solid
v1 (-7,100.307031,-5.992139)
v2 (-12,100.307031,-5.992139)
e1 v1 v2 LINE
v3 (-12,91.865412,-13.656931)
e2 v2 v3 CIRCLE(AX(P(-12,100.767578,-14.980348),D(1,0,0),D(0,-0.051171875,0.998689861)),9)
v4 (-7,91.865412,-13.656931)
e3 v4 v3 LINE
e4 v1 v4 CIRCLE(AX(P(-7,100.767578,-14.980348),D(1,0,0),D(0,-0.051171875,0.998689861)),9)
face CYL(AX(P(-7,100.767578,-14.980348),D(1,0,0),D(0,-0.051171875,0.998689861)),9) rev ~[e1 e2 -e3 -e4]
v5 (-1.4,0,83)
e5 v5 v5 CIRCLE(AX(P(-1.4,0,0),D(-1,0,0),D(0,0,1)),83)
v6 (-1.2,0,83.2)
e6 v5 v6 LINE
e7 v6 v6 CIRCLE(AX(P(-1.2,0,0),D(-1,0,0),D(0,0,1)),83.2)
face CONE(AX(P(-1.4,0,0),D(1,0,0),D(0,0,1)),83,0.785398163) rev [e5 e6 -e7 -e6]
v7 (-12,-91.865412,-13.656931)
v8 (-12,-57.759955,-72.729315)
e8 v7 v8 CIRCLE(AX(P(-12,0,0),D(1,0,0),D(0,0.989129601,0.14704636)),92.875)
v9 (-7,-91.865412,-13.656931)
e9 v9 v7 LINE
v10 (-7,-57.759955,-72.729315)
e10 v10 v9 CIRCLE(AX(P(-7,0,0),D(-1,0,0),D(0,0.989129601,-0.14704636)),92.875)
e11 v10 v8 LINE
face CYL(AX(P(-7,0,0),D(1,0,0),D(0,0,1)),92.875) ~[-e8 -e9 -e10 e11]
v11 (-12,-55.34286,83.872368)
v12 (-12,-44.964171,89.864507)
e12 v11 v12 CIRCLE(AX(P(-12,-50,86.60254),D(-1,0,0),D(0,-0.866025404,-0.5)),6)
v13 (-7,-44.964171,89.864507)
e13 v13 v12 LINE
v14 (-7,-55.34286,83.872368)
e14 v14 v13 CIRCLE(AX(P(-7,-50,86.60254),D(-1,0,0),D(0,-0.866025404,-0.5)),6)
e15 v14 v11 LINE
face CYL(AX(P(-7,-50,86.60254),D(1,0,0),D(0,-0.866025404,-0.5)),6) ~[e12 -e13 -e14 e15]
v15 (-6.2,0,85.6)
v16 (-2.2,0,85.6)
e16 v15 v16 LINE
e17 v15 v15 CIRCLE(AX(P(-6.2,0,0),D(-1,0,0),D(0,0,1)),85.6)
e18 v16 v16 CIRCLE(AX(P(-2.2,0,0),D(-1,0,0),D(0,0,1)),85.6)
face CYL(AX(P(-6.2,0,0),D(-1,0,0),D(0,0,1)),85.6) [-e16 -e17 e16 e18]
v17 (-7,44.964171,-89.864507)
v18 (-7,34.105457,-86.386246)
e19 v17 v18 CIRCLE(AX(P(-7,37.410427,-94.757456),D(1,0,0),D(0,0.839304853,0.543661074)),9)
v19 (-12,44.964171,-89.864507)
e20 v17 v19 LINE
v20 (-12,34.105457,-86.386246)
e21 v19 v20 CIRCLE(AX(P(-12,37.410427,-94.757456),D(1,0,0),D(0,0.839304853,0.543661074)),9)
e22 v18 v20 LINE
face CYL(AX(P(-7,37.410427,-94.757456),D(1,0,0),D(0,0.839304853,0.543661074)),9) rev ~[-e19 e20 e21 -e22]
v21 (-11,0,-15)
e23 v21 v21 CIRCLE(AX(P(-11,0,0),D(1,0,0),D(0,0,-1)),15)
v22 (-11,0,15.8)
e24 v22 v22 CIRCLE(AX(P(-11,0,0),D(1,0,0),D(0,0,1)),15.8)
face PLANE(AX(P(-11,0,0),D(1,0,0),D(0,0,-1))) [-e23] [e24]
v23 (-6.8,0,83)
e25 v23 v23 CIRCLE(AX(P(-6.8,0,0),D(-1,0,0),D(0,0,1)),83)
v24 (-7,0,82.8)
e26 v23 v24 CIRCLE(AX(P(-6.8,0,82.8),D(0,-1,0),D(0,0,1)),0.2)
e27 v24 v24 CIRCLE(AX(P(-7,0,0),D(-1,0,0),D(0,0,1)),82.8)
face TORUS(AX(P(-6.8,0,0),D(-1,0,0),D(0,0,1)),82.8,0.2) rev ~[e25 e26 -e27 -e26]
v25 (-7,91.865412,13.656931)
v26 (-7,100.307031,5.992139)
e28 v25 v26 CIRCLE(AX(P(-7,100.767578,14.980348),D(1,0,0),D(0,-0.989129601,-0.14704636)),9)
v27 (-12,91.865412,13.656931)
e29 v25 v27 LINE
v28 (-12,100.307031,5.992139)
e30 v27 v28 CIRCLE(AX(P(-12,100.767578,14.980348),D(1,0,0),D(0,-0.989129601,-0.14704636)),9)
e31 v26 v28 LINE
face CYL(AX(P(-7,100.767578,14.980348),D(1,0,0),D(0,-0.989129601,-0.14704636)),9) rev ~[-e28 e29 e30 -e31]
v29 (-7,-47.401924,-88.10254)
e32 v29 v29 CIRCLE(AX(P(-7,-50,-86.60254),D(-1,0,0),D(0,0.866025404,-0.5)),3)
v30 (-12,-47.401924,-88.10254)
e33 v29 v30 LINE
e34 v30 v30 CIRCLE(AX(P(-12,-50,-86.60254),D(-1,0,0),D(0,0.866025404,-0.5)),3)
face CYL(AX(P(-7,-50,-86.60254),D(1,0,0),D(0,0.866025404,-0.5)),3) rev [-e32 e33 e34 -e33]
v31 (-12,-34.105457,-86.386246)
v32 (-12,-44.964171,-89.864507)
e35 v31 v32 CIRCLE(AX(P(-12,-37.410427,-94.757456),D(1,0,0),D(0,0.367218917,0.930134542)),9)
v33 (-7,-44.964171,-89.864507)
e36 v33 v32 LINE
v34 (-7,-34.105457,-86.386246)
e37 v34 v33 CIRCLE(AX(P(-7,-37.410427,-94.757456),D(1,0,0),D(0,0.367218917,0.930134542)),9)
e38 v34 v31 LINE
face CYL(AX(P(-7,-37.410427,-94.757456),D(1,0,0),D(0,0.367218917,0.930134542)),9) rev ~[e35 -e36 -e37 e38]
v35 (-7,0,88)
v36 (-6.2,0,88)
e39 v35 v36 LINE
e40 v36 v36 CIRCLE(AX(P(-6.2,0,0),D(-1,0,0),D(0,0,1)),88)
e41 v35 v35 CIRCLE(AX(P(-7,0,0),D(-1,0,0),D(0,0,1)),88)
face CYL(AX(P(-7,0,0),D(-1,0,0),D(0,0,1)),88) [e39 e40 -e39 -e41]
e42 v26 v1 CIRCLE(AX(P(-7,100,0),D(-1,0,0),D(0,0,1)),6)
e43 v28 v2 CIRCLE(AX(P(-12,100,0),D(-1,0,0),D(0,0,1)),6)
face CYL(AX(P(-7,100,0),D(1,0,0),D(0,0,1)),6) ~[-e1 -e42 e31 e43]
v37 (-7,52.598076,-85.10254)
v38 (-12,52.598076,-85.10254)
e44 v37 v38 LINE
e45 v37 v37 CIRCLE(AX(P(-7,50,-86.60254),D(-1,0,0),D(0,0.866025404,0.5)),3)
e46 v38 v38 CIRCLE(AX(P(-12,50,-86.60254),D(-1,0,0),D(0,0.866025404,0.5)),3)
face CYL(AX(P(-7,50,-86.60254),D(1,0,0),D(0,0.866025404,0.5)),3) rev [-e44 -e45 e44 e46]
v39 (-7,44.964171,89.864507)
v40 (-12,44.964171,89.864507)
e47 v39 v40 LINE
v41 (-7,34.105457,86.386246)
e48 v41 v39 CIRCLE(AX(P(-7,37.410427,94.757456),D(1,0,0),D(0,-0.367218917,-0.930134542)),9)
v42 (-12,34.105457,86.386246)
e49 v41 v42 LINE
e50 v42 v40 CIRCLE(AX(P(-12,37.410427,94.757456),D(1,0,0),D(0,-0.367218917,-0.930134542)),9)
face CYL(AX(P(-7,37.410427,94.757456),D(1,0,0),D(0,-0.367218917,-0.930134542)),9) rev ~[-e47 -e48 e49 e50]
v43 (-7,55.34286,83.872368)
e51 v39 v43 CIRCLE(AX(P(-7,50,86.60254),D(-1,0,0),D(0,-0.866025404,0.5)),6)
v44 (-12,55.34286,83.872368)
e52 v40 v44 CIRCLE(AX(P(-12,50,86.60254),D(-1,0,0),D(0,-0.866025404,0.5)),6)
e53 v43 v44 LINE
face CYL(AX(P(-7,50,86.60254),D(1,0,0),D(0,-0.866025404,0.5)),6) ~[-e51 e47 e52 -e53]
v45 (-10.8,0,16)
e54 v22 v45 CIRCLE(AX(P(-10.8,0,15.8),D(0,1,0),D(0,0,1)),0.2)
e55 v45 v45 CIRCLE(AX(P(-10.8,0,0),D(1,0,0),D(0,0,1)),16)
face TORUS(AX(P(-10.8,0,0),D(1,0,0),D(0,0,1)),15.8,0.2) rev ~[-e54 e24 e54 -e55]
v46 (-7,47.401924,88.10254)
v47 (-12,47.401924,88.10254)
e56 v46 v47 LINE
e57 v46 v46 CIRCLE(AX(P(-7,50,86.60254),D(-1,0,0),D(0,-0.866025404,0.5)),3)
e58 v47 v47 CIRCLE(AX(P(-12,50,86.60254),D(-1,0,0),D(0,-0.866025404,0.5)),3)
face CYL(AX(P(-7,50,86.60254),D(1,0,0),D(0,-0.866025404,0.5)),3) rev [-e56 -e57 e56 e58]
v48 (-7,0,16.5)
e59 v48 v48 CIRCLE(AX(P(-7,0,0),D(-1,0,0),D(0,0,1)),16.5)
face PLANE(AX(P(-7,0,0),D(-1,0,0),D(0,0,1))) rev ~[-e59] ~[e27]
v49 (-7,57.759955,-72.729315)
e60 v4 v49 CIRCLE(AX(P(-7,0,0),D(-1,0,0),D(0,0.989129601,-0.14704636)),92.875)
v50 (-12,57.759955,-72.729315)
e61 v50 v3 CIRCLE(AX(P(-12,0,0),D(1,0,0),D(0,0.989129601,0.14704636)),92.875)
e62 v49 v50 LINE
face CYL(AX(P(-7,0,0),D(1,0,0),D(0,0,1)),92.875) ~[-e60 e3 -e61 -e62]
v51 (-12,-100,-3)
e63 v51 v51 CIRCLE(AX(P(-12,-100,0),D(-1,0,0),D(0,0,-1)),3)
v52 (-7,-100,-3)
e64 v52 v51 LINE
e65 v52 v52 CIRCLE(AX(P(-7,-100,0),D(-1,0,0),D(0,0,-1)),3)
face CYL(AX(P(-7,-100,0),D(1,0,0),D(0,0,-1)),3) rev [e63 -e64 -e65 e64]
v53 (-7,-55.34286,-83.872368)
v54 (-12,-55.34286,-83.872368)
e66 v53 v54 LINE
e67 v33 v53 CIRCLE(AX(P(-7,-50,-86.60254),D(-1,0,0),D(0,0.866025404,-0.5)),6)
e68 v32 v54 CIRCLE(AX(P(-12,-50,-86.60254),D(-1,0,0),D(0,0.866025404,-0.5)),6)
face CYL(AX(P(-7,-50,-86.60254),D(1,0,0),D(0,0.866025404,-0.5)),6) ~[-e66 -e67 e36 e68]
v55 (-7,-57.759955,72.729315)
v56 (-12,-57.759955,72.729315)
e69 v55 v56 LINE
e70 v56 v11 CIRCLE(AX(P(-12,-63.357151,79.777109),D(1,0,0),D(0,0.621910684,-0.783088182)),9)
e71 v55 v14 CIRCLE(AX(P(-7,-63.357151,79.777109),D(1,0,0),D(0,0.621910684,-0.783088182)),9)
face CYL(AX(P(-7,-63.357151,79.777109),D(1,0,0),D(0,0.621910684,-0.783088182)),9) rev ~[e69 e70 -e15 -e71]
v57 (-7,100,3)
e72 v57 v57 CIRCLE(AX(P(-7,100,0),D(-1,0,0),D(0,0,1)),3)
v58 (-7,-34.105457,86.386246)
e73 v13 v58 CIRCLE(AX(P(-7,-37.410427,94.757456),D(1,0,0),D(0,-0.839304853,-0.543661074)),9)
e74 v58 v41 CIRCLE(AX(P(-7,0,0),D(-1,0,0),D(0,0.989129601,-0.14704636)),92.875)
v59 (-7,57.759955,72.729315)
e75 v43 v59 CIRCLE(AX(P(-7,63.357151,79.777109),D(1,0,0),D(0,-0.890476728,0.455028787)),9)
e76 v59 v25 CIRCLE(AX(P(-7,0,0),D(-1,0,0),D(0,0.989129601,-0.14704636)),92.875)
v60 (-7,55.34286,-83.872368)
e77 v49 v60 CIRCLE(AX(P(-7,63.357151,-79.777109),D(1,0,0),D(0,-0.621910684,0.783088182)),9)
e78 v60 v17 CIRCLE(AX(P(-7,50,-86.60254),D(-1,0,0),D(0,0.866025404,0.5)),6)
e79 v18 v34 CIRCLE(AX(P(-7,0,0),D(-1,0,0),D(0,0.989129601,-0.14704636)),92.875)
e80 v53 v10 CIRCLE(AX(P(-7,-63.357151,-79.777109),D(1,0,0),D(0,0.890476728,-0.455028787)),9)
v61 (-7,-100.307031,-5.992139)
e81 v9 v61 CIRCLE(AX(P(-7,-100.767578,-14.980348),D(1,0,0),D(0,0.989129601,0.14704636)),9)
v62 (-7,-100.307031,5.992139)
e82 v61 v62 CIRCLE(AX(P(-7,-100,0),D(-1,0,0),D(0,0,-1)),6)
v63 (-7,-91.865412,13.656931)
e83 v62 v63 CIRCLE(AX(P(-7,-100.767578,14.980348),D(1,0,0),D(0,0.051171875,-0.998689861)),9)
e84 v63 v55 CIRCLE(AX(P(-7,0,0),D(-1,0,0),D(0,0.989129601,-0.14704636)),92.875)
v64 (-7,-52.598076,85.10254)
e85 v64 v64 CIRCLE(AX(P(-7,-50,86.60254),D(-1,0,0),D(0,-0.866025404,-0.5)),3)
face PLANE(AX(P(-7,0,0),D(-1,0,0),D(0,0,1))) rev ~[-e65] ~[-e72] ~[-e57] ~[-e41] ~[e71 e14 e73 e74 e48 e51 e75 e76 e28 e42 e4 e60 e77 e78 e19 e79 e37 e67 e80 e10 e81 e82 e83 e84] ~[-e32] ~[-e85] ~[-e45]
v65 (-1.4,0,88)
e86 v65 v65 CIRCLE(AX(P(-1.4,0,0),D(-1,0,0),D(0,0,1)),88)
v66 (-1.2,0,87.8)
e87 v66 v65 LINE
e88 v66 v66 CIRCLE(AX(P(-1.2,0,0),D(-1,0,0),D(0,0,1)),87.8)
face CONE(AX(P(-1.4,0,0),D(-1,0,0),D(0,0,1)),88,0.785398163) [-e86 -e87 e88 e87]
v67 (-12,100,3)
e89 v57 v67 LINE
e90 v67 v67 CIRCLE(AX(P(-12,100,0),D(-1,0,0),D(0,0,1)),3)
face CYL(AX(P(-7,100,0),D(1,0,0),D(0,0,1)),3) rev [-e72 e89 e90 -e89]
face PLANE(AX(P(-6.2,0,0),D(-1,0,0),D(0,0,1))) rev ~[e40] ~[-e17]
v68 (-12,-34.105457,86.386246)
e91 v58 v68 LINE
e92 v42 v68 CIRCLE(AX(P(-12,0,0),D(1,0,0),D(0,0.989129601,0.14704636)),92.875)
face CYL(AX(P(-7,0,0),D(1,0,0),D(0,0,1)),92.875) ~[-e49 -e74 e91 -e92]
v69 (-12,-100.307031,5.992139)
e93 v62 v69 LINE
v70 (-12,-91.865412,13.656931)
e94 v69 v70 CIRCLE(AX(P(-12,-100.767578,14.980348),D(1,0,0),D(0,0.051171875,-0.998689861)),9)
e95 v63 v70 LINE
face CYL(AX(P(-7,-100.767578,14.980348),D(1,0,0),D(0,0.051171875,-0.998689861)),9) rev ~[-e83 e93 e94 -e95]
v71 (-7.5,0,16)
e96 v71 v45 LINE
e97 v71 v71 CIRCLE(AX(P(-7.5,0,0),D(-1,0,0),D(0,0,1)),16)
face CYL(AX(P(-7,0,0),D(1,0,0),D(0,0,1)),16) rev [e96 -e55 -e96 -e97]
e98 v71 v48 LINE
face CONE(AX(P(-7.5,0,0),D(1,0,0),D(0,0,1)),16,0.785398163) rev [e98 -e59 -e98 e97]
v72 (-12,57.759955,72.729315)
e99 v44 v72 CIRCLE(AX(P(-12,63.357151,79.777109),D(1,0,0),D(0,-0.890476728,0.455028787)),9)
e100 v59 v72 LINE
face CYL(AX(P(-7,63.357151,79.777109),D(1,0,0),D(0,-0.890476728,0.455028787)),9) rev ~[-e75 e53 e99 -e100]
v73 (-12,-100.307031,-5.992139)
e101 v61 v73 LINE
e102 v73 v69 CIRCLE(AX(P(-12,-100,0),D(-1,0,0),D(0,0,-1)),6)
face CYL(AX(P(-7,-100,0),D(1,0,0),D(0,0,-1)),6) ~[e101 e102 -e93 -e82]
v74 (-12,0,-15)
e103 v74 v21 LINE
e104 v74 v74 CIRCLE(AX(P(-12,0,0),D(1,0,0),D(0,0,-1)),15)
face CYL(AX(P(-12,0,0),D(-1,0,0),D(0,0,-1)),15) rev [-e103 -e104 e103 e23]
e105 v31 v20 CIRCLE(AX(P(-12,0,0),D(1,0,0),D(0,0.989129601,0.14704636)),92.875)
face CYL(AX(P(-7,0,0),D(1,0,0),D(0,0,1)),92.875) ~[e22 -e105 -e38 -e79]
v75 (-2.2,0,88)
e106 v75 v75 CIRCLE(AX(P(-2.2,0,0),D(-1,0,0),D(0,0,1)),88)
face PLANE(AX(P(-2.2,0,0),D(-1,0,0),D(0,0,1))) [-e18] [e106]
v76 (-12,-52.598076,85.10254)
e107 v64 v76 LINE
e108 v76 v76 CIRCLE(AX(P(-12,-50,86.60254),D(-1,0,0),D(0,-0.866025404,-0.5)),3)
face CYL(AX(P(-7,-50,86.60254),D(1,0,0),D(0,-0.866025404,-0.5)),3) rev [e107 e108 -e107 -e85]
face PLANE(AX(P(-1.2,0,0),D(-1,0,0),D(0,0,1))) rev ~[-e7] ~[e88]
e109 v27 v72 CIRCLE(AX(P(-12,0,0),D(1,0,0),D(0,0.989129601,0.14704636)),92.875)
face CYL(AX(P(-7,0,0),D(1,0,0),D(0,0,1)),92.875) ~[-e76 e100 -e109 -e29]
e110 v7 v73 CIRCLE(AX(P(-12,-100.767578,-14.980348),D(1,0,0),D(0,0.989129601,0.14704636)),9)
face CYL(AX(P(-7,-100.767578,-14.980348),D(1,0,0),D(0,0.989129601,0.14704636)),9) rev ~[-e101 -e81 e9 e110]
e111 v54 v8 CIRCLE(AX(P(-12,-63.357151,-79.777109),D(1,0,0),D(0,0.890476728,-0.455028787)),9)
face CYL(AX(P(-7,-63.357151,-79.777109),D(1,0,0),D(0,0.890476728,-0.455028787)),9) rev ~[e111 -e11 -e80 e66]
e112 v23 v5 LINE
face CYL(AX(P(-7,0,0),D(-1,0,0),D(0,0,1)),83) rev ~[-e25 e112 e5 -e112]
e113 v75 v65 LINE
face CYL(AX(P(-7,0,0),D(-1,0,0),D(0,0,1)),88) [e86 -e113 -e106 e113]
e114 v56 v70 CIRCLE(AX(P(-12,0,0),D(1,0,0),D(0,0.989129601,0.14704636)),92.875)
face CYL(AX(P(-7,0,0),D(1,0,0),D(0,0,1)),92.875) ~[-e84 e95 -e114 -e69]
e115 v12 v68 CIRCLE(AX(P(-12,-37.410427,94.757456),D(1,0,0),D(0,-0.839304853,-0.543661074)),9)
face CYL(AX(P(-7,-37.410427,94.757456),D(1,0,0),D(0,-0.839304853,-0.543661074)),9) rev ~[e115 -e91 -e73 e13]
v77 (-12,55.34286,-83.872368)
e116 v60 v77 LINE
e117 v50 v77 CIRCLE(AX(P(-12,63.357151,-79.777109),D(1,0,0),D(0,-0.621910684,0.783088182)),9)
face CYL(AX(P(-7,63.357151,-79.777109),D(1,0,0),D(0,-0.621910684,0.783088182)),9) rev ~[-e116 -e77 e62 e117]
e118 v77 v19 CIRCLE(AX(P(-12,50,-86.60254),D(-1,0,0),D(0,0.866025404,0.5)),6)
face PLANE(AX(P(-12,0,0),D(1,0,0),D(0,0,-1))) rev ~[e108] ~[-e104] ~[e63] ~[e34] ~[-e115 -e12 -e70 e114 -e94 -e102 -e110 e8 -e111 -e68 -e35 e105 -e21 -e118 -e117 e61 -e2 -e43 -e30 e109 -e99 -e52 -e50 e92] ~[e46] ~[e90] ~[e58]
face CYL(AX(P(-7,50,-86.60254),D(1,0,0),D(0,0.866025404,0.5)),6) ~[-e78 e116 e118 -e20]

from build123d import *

# Parameters (mm, degrees)
SKETCH2_R           = 92.875
SKETCH2_R_2         = 16
BOSS_EXTRUDE1_DEPTH = 5
SKETCH3_R           = 6
SKETCH3_R_2         = 3
BOSS_EXTRUDE2_DEPTH = 5
CIRPATTERN1_COUNT   = 6
BOSS_EXTRUDE3_START = -12
SKETCH4_R           = 16
SKETCH4_R_2         = 15
BOSS_EXTRUDE3_DEPTH = 1
FILLET1_R           = 0.2
CHAMFER1_SIZE       = 0.5
SKETCH5_R           = 88
SKETCH5_R_2         = 83
BOSS_EXTRUDE4_DEPTH = 5.8
CHAMFER2_SIZE       = 0.2
FILLET2_R           = 0.2
CUT_EXTRUDE1_START  = -0.8
SKETCH6_R           = 88
SKETCH6_R_2         = 85.6
CUT_EXTRUDE1_DEPTH  = 4


with BuildPart() as part:
    # Sketch2 → Boss-Extrude1 (new body)
    with BuildSketch(Plane.ZY.offset(7)):
        Circle(SKETCH2_R)
        Circle(SKETCH2_R_2, mode=Mode.SUBTRACT)
    extrude(amount=BOSS_EXTRUDE1_DEPTH)

    # Sketch3 → Boss-Extrude2 (add)
    with BuildSketch(Plane.ZY.offset(7)):
        with Locations((0, 100)):
            Circle(SKETCH3_R)
        with Locations((0, 100)):
            Circle(SKETCH3_R_2, mode=Mode.SUBTRACT)
        with BuildLine():
            ThreePointArc((-13.656930681, 91.865411714), (0, 92.875), (13.656930681, 91.865411714))
            ThreePointArc((13.656930681, 91.865411714), (8.317192306, 94.717589922), (5.992139168, 100.30703125))
            ThreePointArc((5.992139168, 100.30703125), (5.99803447, 100.153565931), (6, 100))
            ThreePointArc((6, 100), (-0.153565931, 94.00196553), (-5.992139168, 100.30703125))
            ThreePointArc((-5.992139168, 100.30703125), (-8.317192306, 94.717589922), (-13.656930681, 91.865411714))
        make_face()
    boss_extrude2 = extrude(amount=BOSS_EXTRUDE2_DEPTH)

    # CirPattern1: Boss-Extrude2 ×6 about axis
    cirpattern1_axis = Axis((0, 0, 0), (1, 0, 0))
    for i in range(1, CIRPATTERN1_COUNT):
        add(boss_extrude2.rotate(cirpattern1_axis, i * 360 / CIRPATTERN1_COUNT))

    # Sketch4 → Boss-Extrude3 (add)
    with BuildSketch(Plane(origin=(0, 0, 0), x_dir=(0, 0, -1), z_dir=(1, 0, 0)).offset(BOSS_EXTRUDE3_START)):
        Circle(SKETCH4_R)
        Circle(SKETCH4_R_2, mode=Mode.SUBTRACT)
    extrude(amount=BOSS_EXTRUDE3_DEPTH)

    # Fillet1
    fillet1_edges = [part.edges().sort_by_distance(p)[0] for p in [
        (-11, 0, -16),
    ]]
    fillet(fillet1_edges, radius=FILLET1_R)

    # Chamfer1
    chamfer1_edges = [part.edges().sort_by_distance(p)[0] for p in [
        (-7, 0, -16),
    ]]
    chamfer(chamfer1_edges, length=CHAMFER1_SIZE)

    # Sketch5 → Boss-Extrude4 (add)
    with BuildSketch(Plane.ZY.offset(7)):
        Circle(SKETCH5_R)
        Circle(SKETCH5_R_2, mode=Mode.SUBTRACT)
    extrude(amount=-BOSS_EXTRUDE4_DEPTH)

    # Chamfer2
    chamfer2_edges = [part.edges().sort_by_distance(p)[0] for p in [
        (-1.2, 0, -88),
        (-1.2, 0, -83),
    ]]
    chamfer(chamfer2_edges, length=CHAMFER2_SIZE)

    # Fillet2
    fillet2_edges = [part.edges().sort_by_distance(p)[0] for p in [
        (-7, 0, -83),
    ]]
    fillet(fillet2_edges, radius=FILLET2_R)

    # Sketch6 → Cut-Extrude1 (cut)
    with BuildSketch(Plane.ZY.offset(7).offset(CUT_EXTRUDE1_START)):
        Circle(SKETCH6_R)
        Circle(SKETCH6_R_2, mode=Mode.SUBTRACT)
    extrude(amount=-CUT_EXTRUDE1_DEPTH, mode=Mode.SUBTRACT)


solid = part.part
